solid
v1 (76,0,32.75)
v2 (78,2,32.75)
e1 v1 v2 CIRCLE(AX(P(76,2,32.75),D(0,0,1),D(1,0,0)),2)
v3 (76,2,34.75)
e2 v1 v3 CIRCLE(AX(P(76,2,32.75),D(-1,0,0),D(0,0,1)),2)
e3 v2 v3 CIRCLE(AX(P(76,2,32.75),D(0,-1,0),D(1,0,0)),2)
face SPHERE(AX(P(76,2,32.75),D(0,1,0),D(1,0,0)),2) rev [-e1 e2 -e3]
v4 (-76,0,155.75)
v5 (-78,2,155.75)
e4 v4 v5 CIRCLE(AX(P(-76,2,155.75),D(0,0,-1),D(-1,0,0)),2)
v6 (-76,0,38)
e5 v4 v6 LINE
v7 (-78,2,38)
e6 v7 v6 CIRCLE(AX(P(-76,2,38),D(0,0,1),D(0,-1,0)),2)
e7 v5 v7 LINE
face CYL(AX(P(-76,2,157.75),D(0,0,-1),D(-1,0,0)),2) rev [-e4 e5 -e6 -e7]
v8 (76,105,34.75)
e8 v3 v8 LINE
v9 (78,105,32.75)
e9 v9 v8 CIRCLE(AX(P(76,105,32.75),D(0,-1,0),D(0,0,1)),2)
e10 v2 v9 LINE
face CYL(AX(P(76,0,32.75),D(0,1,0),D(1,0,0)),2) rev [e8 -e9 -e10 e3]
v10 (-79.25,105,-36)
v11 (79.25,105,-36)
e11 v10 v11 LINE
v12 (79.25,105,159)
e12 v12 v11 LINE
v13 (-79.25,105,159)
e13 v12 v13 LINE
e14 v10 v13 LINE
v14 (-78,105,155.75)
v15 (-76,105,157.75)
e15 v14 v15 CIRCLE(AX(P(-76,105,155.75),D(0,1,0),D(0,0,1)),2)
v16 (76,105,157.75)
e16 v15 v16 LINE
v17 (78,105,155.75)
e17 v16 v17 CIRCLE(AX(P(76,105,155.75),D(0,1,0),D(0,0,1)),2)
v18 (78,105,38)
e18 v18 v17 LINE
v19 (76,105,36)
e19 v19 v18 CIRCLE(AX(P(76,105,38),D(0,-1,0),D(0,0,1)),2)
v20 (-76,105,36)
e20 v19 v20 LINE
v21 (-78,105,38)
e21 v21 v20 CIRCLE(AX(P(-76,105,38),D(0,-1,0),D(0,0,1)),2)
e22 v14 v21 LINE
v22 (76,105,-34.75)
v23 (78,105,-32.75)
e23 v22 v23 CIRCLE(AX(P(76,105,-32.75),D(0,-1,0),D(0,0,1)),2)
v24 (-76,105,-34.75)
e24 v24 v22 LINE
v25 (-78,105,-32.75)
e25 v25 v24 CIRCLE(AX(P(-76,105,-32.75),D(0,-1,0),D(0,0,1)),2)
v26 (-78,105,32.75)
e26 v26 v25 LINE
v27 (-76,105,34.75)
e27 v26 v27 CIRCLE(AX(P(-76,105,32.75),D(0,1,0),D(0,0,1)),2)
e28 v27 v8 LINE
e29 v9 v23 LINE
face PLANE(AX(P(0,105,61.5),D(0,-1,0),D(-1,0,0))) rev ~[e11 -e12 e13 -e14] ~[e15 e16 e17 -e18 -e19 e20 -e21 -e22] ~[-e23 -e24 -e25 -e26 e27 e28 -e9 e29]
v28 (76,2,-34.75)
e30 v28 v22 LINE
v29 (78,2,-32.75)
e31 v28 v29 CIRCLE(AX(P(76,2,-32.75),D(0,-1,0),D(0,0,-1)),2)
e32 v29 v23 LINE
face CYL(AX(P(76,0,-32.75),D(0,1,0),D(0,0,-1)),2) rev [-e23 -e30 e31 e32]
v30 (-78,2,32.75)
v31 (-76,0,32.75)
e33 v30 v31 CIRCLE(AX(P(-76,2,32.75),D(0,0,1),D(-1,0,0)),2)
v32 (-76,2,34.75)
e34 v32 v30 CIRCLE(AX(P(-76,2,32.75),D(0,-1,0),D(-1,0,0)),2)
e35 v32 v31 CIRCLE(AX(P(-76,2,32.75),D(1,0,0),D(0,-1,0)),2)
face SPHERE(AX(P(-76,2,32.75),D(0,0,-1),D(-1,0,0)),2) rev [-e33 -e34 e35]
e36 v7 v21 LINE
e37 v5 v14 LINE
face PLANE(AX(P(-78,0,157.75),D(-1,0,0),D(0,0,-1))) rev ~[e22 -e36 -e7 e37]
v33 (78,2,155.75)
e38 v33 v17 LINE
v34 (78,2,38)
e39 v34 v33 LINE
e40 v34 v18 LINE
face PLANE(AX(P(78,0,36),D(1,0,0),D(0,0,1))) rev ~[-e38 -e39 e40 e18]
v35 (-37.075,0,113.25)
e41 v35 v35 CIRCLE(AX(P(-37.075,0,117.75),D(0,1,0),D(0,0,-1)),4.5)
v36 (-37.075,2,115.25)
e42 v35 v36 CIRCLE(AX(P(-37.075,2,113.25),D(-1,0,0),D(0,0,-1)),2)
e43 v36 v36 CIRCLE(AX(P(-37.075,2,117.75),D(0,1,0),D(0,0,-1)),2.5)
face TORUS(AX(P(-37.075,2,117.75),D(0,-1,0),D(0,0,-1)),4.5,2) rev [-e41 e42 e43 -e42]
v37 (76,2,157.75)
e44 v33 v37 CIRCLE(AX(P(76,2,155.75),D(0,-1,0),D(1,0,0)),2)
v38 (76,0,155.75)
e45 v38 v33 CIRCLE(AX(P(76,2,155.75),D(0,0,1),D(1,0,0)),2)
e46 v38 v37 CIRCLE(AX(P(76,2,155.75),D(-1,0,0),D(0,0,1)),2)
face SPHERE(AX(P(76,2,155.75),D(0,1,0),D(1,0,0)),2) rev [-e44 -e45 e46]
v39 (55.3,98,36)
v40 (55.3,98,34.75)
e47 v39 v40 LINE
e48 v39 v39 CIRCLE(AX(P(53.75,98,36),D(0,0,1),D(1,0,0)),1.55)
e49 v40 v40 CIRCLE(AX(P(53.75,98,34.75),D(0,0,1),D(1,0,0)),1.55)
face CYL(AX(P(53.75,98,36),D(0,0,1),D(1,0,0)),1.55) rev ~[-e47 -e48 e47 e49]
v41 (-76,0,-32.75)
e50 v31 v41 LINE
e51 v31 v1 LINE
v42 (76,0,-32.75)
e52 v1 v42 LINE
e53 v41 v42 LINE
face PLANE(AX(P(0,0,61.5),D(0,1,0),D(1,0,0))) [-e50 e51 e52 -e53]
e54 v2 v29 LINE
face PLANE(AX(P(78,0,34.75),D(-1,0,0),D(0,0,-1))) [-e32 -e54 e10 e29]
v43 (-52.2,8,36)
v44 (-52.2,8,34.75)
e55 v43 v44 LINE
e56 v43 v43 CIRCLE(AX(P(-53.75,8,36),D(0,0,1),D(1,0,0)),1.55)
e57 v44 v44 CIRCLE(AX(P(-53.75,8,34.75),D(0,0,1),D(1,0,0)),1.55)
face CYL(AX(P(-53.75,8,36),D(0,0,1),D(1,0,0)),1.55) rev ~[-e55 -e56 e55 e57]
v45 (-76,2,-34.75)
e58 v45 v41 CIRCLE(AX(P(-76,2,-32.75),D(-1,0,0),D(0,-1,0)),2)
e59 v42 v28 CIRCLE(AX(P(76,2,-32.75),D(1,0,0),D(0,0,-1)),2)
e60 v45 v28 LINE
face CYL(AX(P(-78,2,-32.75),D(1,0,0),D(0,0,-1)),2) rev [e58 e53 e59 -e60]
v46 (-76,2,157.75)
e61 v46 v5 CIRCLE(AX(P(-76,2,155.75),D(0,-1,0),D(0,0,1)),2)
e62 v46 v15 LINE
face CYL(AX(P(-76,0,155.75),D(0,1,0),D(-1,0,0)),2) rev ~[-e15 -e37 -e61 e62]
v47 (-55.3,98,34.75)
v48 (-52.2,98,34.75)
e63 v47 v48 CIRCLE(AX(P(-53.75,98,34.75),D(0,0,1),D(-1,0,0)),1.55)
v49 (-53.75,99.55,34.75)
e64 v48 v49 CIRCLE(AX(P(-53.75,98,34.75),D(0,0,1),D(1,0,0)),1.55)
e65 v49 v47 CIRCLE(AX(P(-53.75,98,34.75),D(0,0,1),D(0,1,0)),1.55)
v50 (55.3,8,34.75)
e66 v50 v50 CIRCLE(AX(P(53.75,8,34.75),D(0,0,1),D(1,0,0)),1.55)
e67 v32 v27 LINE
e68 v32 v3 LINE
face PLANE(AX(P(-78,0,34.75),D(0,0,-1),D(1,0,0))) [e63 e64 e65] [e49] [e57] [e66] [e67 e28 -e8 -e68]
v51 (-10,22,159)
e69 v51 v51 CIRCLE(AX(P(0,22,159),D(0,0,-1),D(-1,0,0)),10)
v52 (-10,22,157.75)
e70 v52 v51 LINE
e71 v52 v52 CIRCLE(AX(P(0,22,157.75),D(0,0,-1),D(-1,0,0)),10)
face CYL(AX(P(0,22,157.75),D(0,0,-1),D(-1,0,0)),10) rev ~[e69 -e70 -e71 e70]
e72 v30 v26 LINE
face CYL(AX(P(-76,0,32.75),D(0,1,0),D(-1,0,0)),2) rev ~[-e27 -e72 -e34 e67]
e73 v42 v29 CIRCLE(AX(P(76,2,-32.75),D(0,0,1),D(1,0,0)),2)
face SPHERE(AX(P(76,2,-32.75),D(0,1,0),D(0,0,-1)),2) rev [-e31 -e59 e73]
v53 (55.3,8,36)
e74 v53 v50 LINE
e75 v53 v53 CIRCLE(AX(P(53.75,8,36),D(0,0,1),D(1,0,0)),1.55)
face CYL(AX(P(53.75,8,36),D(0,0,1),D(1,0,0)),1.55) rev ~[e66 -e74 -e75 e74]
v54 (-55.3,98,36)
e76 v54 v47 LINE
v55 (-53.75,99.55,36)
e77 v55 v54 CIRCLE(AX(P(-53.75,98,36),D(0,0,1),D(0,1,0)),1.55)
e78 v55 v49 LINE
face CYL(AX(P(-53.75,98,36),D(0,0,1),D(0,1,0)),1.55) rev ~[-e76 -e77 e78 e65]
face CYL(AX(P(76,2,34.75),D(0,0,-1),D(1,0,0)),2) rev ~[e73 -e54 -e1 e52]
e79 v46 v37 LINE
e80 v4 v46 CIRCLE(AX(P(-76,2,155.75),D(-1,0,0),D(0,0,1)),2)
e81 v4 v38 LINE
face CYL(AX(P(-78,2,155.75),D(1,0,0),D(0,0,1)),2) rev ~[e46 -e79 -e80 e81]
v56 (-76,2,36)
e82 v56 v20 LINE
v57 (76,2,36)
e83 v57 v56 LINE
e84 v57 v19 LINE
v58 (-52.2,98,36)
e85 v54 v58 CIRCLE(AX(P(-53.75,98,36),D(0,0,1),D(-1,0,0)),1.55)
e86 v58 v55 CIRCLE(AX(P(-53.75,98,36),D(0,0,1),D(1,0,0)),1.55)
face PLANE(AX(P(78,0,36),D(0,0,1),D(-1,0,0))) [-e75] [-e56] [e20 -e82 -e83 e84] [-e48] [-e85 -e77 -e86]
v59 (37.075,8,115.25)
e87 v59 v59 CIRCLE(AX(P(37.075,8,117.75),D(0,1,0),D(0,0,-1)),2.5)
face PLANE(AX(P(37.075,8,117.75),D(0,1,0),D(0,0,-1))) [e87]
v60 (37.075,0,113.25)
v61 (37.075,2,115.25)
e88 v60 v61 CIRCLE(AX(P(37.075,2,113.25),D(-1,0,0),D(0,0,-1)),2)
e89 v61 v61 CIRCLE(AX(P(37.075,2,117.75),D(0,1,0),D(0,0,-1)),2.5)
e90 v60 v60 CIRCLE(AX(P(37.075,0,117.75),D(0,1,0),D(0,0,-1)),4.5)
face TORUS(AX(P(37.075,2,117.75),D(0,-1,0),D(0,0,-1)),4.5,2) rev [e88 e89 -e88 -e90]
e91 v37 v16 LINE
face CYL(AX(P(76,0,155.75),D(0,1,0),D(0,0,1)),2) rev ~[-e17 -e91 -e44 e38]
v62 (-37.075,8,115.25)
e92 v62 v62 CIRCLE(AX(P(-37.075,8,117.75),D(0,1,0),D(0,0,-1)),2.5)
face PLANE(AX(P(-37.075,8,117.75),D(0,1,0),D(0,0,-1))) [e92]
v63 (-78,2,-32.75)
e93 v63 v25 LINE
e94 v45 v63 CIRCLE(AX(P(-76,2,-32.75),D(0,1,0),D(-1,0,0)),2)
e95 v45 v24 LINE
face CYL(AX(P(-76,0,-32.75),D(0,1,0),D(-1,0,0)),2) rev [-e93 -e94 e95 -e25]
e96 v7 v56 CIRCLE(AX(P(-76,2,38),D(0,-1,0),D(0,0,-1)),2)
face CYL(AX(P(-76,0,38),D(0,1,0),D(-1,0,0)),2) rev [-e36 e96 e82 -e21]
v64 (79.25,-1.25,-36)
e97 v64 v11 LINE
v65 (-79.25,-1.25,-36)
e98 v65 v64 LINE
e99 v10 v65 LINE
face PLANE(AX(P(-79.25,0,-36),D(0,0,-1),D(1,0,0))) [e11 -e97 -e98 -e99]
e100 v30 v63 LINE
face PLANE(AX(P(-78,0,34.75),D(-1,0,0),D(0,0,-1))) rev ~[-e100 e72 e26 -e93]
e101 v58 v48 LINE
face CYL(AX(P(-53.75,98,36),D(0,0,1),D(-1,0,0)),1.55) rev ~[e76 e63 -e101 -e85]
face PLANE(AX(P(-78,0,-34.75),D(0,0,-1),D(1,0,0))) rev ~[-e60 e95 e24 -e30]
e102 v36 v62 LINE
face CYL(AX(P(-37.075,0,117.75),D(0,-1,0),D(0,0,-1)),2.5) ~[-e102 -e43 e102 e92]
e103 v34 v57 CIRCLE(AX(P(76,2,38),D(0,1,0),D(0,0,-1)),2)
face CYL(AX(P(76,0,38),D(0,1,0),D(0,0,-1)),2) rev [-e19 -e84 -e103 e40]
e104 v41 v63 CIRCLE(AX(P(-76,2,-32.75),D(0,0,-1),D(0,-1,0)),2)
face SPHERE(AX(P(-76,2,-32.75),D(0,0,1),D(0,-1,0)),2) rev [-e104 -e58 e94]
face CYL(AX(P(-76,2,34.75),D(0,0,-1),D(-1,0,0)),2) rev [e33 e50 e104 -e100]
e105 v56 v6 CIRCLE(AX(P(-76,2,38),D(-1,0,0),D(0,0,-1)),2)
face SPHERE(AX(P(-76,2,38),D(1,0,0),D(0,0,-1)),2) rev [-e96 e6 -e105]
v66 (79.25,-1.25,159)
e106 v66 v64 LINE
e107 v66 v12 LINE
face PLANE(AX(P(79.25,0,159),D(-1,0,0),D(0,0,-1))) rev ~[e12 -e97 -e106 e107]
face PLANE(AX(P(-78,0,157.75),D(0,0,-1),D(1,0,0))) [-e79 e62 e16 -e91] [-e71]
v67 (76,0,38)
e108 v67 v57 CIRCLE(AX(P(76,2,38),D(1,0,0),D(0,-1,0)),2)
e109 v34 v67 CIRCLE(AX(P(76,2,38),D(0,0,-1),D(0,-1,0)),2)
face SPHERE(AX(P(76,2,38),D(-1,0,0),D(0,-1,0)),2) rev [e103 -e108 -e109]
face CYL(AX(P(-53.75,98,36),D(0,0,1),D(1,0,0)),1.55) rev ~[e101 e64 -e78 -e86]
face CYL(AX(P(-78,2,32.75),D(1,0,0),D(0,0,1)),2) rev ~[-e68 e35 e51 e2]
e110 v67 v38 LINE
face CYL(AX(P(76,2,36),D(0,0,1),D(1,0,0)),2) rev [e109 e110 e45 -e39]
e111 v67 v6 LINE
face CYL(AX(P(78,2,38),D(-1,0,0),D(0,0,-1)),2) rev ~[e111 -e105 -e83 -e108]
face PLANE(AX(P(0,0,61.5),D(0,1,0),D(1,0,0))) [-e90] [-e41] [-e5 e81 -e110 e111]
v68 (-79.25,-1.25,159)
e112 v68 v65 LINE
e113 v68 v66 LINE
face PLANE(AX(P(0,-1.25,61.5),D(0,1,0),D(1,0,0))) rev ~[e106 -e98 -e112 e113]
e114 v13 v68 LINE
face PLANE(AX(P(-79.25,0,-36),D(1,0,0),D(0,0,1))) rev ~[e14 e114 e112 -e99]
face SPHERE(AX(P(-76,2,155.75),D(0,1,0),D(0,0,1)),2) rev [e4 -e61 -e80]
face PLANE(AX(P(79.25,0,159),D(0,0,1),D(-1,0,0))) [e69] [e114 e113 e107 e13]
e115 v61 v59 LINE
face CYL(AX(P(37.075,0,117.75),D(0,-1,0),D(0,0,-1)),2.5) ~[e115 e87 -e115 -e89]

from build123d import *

# Parameters (mm, degrees)
SKETCH2_W           = 158.5
SKETCH2_H           = 195
BOSS_EXTRUDE1_DEPTH = 1.25
SKETCH1_W           = 156
SKETCH1_H           = 69.5
BOSS_EXTRUDE2_DEPTH = 105
SKETCH4_R           = 2.5
BOSS_EXTRUDE3_DEPTH = 8
FILLET2_R           = 2
SKETCH5_R           = 1.55
CUT_EXTRUDE1_DEPTH  = 8
SKETCH6_R           = 10
CUT_EXTRUDE2_DEPTH  = 8


with BuildPart() as part:
    # Sketch2 → Boss-Extrude1 (new body)
    with BuildSketch(Plane(origin=(0, 0, 0), x_dir=(1, 0, 0), z_dir=(0, 1, 0))):
        with Locations((0, -61.5)):
            Rectangle(SKETCH2_W, SKETCH2_H)
    extrude(amount=-BOSS_EXTRUDE1_DEPTH)

    # Sketch1 → Boss-Extrude2 (add)
    with BuildSketch(Plane(origin=(0, 0, 0), x_dir=(1, 0, 0), z_dir=(0, 1, 0))):
        Polygon((79.25, -159), (-79.25, -159), (-79.25, -86), (-79.25, -36), (-79.25, 36), (79.25, 36), (79.25, -36), (79.25, -86), align=None)
        Polygon((-78, -157.75), (78, -157.75), (78, -86), (78, -36), (-78, -36), (-78, -86), (-78, -100.588597569), align=None, mode=Mode.SUBTRACT)
        Rectangle(SKETCH1_W, SKETCH1_H, mode=Mode.SUBTRACT)
    extrude(amount=BOSS_EXTRUDE2_DEPTH)

    # Sketch4 → Boss-Extrude3 (add)
    with BuildSketch(Plane(origin=(0, 0, 0), x_dir=(1, 0, 0), z_dir=(0, 1, 0))):
        with Locations(Location((-37.075, -117.75, 0), (0, 0, 90))):
            Circle(SKETCH4_R)
        with Locations(Location((37.075, -117.75, 0), (0, 0, 90))):
            Circle(SKETCH4_R)
    extrude(amount=BOSS_EXTRUDE3_DEPTH)

    # Fillet2
    fillet2_edges = [part.edges().sort_by_distance(p)[0] for p in [
        (78, 52.5, -34.75),
        (78, 52.5, 34.75),
        (-78, 0, 0),
        (-78, 52.5, 34.75),
        (78, 52.5, 157.75),
        (-78, 52.5, 157.75),
        (0, 0, 36),
        (-78, 52.5, 36),
        (78, 0, 96.875),
        (78, 52.5, 36),
        (0, 0, -34.75),
        (-78, 52.5, -34.75),
        (0, 0, 157.75),
        (-78, 0, 96.875),
        (78, 0, 0),
        (0, 0, 34.75),
        (-37.075, 0, 120.25),
        (37.075, 0, 120.25),
    ]]
    fillet(fillet2_edges, radius=FILLET2_R)

    # Sketch5 → Cut-Extrude1 (cut)
    with BuildSketch(Plane.XY.offset(36)):
        with BuildLine():
            ThreePointArc((-53.75, 99.55), (-54.846015511, 99.096015511), (-55.3, 98))
            Line((-55.3, 98), (-53.75, 98))
            Line((-53.75, 98), (-53.75, 99.55))
        make_face()
        with BuildLine():
            Line((-53.75, 98), (-55.3, 98))
            ThreePointArc((-55.3, 98), (-53.75, 96.45), (-52.2, 98))
            ThreePointArc((-52.2, 98), (-52.653984489, 99.096015511), (-53.75, 99.55))
            Line((-53.75, 99.55), (-53.75, 98))
        make_face()
        with Locations((53.75, 98)):
            Circle(SKETCH5_R)
        with Locations((-53.75, 8)):
            Circle(SKETCH5_R)
        with Locations((53.75, 8)):
            Circle(SKETCH5_R)
    extrude(amount=-CUT_EXTRUDE1_DEPTH, mode=Mode.SUBTRACT)

    # Sketch6 → Cut-Extrude2 (cut)
    with BuildSketch(Plane(origin=(0, 0, 157.75), x_dir=(-1, 0, 0), z_dir=(0, 0, -1))):
        with Locations((0, 22)):
            Circle(SKETCH6_R)
    extrude(amount=-CUT_EXTRUDE2_DEPTH, mode=Mode.SUBTRACT)


solid = part.part
